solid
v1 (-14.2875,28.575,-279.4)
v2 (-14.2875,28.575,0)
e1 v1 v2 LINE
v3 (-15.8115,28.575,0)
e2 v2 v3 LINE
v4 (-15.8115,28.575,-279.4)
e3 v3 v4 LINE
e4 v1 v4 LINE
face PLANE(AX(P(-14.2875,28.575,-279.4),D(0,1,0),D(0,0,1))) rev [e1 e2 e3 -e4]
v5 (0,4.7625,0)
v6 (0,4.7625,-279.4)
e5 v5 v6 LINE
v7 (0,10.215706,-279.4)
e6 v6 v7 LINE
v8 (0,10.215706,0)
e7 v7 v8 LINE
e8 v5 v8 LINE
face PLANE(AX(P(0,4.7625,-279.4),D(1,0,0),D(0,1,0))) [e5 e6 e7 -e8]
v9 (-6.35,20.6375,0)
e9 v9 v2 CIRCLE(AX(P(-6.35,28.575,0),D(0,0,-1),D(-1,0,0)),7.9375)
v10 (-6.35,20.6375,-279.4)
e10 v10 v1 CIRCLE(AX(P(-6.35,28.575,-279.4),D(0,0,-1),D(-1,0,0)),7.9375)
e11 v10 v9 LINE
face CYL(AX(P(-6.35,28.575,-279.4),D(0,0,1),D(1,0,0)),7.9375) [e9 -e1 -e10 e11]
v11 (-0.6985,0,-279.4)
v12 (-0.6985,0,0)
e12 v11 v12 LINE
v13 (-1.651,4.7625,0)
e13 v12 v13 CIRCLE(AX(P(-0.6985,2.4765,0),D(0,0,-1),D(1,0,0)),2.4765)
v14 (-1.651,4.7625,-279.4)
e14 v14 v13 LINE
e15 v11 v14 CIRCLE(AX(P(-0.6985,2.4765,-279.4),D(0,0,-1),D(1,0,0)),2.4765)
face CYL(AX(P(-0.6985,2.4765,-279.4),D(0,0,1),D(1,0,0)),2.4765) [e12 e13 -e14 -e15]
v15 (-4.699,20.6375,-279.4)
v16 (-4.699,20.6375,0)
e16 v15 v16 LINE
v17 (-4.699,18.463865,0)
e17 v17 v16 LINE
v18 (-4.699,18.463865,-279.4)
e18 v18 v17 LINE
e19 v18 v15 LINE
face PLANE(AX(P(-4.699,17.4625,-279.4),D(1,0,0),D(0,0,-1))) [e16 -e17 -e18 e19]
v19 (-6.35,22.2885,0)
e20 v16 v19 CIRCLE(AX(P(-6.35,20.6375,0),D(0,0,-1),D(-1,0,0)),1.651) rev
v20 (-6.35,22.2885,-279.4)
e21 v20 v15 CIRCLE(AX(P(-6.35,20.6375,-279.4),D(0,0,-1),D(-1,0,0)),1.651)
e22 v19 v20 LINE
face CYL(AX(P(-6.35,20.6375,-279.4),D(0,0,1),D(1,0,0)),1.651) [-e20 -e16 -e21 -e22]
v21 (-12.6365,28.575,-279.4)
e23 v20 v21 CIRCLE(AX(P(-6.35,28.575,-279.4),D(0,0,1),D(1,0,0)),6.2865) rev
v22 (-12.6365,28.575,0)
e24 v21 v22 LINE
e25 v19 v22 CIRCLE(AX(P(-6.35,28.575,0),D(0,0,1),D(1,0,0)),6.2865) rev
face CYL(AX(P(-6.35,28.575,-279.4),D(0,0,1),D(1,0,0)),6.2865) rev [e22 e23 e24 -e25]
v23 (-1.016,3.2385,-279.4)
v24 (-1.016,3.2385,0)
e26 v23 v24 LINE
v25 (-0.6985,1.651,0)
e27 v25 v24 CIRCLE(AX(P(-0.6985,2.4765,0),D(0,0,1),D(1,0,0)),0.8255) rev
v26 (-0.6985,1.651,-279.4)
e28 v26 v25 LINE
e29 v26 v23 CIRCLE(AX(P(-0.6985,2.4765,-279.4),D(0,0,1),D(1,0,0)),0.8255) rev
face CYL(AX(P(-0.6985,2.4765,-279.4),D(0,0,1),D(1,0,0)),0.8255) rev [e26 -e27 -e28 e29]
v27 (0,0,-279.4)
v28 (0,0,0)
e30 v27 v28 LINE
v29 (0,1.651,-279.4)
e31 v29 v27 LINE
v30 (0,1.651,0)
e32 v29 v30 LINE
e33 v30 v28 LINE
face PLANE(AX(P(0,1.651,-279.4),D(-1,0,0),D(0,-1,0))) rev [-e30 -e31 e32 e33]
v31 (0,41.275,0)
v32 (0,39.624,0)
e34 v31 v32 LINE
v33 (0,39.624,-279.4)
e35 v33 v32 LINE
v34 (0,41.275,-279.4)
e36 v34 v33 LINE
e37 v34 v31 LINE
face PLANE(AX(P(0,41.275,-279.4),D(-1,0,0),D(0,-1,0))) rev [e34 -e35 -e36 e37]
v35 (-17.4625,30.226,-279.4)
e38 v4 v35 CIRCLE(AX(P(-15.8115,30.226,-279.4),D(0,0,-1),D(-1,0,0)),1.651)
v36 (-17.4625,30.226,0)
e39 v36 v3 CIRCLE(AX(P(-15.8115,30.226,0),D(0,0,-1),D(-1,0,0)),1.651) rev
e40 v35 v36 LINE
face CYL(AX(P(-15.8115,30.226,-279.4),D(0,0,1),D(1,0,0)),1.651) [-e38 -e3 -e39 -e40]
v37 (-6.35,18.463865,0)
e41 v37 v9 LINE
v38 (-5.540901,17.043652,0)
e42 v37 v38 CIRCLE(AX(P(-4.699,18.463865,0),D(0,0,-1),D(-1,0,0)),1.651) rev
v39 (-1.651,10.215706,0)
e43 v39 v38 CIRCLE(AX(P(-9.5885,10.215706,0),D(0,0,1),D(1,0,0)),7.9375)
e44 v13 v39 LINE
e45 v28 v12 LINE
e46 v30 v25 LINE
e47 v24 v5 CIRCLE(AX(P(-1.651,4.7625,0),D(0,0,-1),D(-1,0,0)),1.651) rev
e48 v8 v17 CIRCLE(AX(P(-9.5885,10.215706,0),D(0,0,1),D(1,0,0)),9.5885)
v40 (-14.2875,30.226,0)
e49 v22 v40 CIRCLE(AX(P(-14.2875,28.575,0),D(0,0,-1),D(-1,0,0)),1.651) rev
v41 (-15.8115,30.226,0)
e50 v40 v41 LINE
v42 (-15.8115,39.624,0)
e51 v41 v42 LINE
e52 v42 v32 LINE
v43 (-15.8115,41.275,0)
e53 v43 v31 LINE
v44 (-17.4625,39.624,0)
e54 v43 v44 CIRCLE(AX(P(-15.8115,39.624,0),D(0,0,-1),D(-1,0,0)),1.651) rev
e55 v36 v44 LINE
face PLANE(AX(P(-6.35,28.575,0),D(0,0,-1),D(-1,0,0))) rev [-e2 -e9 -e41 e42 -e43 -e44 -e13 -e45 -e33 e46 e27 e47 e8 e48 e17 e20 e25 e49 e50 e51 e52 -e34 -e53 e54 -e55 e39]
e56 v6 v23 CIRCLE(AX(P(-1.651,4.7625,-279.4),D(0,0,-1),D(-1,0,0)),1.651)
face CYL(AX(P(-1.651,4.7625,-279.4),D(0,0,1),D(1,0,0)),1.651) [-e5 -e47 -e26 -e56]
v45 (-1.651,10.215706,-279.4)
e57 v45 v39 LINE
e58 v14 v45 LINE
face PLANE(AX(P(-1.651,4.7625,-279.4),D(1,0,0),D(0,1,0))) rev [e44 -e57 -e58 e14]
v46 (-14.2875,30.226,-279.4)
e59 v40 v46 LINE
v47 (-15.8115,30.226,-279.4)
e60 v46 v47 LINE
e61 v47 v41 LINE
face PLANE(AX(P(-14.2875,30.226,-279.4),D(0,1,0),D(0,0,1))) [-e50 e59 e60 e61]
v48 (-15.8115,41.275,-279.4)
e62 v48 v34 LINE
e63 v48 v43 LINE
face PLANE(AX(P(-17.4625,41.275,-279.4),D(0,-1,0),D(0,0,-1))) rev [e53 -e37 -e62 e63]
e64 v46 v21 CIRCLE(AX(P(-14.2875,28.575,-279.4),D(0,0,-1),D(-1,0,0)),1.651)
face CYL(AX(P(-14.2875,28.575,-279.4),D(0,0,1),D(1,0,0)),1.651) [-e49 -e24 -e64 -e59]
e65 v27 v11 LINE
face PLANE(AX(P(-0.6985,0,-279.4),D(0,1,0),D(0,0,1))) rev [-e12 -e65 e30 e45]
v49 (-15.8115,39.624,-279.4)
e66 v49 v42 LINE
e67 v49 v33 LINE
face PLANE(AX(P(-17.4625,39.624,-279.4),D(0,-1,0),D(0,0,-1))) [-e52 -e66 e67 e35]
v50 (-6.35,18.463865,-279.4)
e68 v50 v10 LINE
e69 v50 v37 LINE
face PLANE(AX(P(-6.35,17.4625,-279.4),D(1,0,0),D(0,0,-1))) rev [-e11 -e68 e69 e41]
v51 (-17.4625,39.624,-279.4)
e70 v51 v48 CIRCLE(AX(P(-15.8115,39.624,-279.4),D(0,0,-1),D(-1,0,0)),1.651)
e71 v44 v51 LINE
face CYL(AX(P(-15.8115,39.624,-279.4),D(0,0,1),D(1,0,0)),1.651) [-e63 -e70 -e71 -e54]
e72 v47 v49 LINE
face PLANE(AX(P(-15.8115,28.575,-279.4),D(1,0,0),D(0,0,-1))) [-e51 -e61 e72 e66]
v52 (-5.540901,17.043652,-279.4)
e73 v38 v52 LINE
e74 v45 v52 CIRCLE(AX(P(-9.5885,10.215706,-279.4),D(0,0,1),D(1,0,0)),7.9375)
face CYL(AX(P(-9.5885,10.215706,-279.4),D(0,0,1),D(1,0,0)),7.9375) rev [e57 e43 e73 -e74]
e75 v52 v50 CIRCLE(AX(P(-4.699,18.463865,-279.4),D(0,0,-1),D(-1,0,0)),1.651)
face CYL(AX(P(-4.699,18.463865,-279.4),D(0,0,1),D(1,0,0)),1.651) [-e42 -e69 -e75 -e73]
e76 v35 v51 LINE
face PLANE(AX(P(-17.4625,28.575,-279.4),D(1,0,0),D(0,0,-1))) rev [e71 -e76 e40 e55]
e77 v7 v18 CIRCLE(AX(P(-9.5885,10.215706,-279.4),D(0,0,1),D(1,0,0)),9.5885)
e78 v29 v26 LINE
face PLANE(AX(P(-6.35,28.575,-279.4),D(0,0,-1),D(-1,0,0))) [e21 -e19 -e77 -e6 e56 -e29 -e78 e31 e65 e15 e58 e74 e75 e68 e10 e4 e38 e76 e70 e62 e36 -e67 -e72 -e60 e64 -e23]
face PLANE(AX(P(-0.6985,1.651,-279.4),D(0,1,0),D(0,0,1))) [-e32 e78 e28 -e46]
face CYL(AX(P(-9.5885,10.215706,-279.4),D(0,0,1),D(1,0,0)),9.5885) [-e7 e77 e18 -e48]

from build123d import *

# Parameters (mm, degrees)
EXTRUDE_THIN2_DEPTH = 279.4
FILLET1_R           = 1.651


with BuildPart() as part:
    # Sketch1 → Extrude-Thin2 (new body)
    with BuildSketch(Plane.XY):
        with BuildLine():
            Line((0, 0), (-0.6985, 0))
            ThreePointArc((-0.6985, 0), (-3.126908, 1.990818), (-1.651, 4.7625))
            Line((-1.651, 4.7625), (-1.651, 10.215706))
            ThreePointArc((-1.651, 10.215706), (-2.928564, 14.534173), (-6.35, 17.4625))
            Line((-6.35, 17.4625), (-6.35, 20.6375))
            ThreePointArc((-6.35, 20.6375), (-11.96266, 22.96234), (-14.2875, 28.575))
            Line((-14.2875, 28.575), (-17.4625, 28.575))
            Line((-17.4625, 28.575), (-17.4625, 41.275))
            Line((-17.4625, 41.275), (0, 41.275))
            Line((0, 41.275), (0, 39.624))
            Line((0, 39.624), (-15.8115, 39.624))
            Line((-15.8115, 39.624), (-15.8115, 30.226))
            Line((-15.8115, 30.226), (-12.415829, 30.226))
            ThreePointArc((-12.415829, 30.226), (-10.795227, 24.129773), (-4.699, 22.509171))
            Line((-4.699, 22.509171), (-4.699, 18.463865))
            ThreePointArc((-4.699, 18.463865), (-1.257164, 14.962092), (0, 10.215706))
            Line((0, 10.215706), (0, 2.916441))
            ThreePointArc((0, 2.916441), (-1.421211, 2.875423), (-0.6985, 1.651))
            Line((-0.6985, 1.651), (0, 1.651))
            Line((0, 1.651), (0, 0))
        make_face()
    extrude(amount=-EXTRUDE_THIN2_DEPTH)

    # Fillet1
    fillet1_edges = [part.edges().sort_by_distance(p)[0] for p in [
        (-12.415829, 30.226, -139.7),
        (-4.699, 22.509171, -139.7),
        (0, 2.916441, -139.7),
        (-6.35, 17.4625, -139.7),
        (-17.4625, 28.575, -139.7),
        (-17.4625, 41.275, -139.7),
    ]]
    fillet(fillet1_edges, radius=FILLET1_R)


solid = part.part
